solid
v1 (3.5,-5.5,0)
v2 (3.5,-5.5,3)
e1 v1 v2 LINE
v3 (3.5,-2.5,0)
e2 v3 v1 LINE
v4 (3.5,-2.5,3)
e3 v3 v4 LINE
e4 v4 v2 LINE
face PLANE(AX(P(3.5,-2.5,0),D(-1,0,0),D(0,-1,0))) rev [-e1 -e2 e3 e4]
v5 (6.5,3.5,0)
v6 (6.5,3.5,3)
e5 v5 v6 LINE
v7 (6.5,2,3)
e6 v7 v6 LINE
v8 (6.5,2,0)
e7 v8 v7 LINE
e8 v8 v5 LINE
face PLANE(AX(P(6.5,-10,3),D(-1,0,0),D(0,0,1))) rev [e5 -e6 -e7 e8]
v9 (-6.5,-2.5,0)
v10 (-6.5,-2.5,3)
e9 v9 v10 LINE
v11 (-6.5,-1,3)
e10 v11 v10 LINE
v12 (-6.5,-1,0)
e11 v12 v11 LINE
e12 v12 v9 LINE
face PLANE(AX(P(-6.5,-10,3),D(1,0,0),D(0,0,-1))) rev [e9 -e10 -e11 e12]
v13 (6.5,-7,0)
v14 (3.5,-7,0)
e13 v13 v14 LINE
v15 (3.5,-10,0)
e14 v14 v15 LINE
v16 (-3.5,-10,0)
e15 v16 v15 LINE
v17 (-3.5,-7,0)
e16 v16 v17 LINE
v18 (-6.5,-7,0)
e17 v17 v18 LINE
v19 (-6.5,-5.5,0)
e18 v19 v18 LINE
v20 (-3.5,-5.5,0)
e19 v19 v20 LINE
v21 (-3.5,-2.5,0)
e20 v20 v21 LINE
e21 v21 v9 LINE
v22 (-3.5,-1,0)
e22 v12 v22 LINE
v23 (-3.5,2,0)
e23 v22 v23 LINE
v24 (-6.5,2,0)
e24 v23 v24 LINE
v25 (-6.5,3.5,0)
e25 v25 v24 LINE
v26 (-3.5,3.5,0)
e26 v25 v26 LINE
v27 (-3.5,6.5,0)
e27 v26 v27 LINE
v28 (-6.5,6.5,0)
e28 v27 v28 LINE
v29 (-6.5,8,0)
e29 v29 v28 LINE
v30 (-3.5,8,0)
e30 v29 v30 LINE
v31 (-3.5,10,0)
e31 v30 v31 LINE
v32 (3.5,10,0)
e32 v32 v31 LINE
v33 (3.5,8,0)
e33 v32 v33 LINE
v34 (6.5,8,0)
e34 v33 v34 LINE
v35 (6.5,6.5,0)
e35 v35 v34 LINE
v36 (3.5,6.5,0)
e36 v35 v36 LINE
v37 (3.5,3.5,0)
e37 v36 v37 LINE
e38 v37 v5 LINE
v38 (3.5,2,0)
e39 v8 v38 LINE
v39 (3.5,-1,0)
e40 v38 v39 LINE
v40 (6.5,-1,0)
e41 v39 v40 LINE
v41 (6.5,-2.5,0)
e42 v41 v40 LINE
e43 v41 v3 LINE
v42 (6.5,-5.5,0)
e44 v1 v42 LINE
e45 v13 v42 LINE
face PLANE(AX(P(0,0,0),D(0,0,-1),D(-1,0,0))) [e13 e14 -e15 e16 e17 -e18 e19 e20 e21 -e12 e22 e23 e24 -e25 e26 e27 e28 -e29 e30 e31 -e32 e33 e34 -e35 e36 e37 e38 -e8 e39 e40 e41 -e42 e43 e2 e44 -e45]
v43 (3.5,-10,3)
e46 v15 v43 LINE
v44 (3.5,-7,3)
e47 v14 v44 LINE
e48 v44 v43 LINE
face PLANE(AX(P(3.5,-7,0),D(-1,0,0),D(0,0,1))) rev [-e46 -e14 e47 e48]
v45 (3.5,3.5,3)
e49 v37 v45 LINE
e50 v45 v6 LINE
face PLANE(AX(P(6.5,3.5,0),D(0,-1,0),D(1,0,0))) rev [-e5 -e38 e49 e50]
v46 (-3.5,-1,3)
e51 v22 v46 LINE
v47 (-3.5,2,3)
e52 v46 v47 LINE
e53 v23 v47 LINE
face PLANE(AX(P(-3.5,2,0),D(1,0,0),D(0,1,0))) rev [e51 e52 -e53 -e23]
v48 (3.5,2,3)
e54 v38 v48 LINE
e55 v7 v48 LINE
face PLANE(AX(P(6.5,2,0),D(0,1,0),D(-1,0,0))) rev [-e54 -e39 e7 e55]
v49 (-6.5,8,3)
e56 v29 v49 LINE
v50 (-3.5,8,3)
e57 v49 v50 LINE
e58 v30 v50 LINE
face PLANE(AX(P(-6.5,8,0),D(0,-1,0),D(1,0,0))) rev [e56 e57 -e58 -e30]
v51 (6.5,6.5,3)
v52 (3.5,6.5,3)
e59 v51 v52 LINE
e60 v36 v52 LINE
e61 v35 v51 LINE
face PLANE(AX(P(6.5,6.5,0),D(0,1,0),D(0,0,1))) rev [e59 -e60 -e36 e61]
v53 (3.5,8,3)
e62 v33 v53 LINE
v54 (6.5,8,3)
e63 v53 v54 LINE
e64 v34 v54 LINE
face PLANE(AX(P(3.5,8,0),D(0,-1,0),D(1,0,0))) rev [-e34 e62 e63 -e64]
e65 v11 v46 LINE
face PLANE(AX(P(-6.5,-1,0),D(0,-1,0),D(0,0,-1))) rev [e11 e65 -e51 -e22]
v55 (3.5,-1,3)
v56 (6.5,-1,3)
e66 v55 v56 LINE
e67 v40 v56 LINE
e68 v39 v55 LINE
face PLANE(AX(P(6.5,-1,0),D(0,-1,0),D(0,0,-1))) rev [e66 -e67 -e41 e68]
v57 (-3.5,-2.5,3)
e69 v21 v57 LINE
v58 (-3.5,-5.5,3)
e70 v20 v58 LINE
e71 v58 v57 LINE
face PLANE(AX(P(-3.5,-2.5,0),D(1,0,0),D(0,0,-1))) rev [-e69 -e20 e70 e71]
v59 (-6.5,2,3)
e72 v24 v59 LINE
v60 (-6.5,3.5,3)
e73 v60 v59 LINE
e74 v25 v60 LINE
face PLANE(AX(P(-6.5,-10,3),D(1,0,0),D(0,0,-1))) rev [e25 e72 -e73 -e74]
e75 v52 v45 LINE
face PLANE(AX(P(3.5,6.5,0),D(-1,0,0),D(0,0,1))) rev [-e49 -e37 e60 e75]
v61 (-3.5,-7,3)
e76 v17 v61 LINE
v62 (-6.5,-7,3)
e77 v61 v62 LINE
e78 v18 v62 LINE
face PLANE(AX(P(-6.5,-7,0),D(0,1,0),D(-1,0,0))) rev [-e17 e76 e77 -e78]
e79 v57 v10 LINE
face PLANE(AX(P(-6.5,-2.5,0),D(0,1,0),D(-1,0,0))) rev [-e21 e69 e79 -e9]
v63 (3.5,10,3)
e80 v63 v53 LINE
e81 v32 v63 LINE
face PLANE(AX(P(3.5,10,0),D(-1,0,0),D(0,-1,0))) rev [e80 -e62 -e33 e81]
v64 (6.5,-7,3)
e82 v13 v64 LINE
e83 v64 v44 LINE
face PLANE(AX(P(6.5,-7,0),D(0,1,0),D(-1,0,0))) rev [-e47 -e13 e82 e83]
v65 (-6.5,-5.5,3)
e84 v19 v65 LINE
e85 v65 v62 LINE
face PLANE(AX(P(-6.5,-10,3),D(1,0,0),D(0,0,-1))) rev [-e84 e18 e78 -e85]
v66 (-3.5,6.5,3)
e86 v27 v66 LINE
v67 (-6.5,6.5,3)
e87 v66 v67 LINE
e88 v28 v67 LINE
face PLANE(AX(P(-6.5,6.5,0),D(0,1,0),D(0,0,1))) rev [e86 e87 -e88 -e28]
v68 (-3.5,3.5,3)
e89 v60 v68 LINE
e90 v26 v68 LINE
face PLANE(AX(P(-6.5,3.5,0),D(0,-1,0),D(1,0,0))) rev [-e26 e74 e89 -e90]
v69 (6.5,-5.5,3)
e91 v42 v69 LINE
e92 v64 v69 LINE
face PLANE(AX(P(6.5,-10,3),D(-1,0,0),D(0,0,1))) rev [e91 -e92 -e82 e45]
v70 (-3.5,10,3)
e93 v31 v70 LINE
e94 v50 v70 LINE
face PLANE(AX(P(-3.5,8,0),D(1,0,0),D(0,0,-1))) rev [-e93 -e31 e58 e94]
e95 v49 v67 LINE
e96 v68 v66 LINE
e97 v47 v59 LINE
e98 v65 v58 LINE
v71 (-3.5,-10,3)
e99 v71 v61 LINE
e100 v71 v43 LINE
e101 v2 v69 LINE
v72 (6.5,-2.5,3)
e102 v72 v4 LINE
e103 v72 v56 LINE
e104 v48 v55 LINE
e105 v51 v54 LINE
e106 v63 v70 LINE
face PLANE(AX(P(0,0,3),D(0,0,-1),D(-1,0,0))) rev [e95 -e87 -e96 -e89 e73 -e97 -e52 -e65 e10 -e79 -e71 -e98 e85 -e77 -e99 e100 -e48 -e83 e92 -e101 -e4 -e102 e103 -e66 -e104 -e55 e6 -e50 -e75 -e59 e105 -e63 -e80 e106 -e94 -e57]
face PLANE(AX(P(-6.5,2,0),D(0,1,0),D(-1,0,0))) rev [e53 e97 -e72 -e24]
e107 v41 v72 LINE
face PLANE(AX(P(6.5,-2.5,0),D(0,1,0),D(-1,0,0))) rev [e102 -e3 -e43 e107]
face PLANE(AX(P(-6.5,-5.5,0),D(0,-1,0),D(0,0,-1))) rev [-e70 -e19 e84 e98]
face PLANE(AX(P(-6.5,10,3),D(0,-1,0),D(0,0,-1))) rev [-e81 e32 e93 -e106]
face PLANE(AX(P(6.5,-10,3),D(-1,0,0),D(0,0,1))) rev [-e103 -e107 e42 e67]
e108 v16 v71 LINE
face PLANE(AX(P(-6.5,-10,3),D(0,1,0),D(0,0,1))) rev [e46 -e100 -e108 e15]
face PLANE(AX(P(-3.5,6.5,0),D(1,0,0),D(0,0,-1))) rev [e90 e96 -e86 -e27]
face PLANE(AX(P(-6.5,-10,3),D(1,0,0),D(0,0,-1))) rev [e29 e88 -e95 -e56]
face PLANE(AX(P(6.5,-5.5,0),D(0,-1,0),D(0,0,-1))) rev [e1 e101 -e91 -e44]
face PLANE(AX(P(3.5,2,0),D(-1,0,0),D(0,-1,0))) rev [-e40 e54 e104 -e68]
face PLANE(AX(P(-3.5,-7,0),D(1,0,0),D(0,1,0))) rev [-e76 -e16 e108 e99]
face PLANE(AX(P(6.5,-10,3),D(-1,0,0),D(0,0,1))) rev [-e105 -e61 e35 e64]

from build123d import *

# Parameters (mm, degrees)
SKETCH1_W           = 13
SKETCH1_H           = 20
BOSS_EXTRUDE1_DEPTH = 3
SKETCH2_W           = 3
SKETCH2_H           = 2
SKETCH2_H_2         = 3
CUT_EXTRUDE1_DEPTH  = 3
SKETCH3_W           = 3
SKETCH3_H           = 2
SKETCH3_H_2         = 3
CUT_EXTRUDE2_DEPTH  = 3


with BuildPart() as part:
    # Sketch1 → Boss-Extrude1 (new body)
    with BuildSketch(Plane.XY):
        Rectangle(SKETCH1_W, SKETCH1_H)
    extrude(amount=BOSS_EXTRUDE1_DEPTH)

    # Sketch2 → Cut-Extrude1 (cut)
    with BuildSketch(Plane.XY.offset(3)):
        with Locations((-5, 9)):
            Rectangle(SKETCH2_W, SKETCH2_H)
        with Locations((-5, 5)):
            Rectangle(SKETCH2_W, SKETCH2_H_2)
        with Locations((-5, 0.5)):
            Rectangle(SKETCH2_W, SKETCH2_H_2)
        with Locations((-5, -4)):
            Rectangle(SKETCH2_W, SKETCH2_H_2)
        with Locations((-5, -8.5)):
            Rectangle(SKETCH2_W, SKETCH2_H_2)
    extrude(amount=-CUT_EXTRUDE1_DEPTH, mode=Mode.SUBTRACT)

    # Sketch3 → Cut-Extrude2 (cut)
    with BuildSketch(Plane.XY.offset(3)):
        with Locations((5, 9)):
            Rectangle(SKETCH3_W, SKETCH3_H)
        with Locations((5, 5)):
            Rectangle(SKETCH3_W, SKETCH3_H_2)
        with Locations((5, 0.5)):
            Rectangle(SKETCH3_W, SKETCH3_H_2)
        with Locations((5, -4)):
            Rectangle(SKETCH3_W, SKETCH3_H_2)
        with Locations((5, -8.5)):
            Rectangle(SKETCH3_W, SKETCH3_H_2)
    extrude(amount=-CUT_EXTRUDE2_DEPTH, mode=Mode.SUBTRACT)


solid = part.part
